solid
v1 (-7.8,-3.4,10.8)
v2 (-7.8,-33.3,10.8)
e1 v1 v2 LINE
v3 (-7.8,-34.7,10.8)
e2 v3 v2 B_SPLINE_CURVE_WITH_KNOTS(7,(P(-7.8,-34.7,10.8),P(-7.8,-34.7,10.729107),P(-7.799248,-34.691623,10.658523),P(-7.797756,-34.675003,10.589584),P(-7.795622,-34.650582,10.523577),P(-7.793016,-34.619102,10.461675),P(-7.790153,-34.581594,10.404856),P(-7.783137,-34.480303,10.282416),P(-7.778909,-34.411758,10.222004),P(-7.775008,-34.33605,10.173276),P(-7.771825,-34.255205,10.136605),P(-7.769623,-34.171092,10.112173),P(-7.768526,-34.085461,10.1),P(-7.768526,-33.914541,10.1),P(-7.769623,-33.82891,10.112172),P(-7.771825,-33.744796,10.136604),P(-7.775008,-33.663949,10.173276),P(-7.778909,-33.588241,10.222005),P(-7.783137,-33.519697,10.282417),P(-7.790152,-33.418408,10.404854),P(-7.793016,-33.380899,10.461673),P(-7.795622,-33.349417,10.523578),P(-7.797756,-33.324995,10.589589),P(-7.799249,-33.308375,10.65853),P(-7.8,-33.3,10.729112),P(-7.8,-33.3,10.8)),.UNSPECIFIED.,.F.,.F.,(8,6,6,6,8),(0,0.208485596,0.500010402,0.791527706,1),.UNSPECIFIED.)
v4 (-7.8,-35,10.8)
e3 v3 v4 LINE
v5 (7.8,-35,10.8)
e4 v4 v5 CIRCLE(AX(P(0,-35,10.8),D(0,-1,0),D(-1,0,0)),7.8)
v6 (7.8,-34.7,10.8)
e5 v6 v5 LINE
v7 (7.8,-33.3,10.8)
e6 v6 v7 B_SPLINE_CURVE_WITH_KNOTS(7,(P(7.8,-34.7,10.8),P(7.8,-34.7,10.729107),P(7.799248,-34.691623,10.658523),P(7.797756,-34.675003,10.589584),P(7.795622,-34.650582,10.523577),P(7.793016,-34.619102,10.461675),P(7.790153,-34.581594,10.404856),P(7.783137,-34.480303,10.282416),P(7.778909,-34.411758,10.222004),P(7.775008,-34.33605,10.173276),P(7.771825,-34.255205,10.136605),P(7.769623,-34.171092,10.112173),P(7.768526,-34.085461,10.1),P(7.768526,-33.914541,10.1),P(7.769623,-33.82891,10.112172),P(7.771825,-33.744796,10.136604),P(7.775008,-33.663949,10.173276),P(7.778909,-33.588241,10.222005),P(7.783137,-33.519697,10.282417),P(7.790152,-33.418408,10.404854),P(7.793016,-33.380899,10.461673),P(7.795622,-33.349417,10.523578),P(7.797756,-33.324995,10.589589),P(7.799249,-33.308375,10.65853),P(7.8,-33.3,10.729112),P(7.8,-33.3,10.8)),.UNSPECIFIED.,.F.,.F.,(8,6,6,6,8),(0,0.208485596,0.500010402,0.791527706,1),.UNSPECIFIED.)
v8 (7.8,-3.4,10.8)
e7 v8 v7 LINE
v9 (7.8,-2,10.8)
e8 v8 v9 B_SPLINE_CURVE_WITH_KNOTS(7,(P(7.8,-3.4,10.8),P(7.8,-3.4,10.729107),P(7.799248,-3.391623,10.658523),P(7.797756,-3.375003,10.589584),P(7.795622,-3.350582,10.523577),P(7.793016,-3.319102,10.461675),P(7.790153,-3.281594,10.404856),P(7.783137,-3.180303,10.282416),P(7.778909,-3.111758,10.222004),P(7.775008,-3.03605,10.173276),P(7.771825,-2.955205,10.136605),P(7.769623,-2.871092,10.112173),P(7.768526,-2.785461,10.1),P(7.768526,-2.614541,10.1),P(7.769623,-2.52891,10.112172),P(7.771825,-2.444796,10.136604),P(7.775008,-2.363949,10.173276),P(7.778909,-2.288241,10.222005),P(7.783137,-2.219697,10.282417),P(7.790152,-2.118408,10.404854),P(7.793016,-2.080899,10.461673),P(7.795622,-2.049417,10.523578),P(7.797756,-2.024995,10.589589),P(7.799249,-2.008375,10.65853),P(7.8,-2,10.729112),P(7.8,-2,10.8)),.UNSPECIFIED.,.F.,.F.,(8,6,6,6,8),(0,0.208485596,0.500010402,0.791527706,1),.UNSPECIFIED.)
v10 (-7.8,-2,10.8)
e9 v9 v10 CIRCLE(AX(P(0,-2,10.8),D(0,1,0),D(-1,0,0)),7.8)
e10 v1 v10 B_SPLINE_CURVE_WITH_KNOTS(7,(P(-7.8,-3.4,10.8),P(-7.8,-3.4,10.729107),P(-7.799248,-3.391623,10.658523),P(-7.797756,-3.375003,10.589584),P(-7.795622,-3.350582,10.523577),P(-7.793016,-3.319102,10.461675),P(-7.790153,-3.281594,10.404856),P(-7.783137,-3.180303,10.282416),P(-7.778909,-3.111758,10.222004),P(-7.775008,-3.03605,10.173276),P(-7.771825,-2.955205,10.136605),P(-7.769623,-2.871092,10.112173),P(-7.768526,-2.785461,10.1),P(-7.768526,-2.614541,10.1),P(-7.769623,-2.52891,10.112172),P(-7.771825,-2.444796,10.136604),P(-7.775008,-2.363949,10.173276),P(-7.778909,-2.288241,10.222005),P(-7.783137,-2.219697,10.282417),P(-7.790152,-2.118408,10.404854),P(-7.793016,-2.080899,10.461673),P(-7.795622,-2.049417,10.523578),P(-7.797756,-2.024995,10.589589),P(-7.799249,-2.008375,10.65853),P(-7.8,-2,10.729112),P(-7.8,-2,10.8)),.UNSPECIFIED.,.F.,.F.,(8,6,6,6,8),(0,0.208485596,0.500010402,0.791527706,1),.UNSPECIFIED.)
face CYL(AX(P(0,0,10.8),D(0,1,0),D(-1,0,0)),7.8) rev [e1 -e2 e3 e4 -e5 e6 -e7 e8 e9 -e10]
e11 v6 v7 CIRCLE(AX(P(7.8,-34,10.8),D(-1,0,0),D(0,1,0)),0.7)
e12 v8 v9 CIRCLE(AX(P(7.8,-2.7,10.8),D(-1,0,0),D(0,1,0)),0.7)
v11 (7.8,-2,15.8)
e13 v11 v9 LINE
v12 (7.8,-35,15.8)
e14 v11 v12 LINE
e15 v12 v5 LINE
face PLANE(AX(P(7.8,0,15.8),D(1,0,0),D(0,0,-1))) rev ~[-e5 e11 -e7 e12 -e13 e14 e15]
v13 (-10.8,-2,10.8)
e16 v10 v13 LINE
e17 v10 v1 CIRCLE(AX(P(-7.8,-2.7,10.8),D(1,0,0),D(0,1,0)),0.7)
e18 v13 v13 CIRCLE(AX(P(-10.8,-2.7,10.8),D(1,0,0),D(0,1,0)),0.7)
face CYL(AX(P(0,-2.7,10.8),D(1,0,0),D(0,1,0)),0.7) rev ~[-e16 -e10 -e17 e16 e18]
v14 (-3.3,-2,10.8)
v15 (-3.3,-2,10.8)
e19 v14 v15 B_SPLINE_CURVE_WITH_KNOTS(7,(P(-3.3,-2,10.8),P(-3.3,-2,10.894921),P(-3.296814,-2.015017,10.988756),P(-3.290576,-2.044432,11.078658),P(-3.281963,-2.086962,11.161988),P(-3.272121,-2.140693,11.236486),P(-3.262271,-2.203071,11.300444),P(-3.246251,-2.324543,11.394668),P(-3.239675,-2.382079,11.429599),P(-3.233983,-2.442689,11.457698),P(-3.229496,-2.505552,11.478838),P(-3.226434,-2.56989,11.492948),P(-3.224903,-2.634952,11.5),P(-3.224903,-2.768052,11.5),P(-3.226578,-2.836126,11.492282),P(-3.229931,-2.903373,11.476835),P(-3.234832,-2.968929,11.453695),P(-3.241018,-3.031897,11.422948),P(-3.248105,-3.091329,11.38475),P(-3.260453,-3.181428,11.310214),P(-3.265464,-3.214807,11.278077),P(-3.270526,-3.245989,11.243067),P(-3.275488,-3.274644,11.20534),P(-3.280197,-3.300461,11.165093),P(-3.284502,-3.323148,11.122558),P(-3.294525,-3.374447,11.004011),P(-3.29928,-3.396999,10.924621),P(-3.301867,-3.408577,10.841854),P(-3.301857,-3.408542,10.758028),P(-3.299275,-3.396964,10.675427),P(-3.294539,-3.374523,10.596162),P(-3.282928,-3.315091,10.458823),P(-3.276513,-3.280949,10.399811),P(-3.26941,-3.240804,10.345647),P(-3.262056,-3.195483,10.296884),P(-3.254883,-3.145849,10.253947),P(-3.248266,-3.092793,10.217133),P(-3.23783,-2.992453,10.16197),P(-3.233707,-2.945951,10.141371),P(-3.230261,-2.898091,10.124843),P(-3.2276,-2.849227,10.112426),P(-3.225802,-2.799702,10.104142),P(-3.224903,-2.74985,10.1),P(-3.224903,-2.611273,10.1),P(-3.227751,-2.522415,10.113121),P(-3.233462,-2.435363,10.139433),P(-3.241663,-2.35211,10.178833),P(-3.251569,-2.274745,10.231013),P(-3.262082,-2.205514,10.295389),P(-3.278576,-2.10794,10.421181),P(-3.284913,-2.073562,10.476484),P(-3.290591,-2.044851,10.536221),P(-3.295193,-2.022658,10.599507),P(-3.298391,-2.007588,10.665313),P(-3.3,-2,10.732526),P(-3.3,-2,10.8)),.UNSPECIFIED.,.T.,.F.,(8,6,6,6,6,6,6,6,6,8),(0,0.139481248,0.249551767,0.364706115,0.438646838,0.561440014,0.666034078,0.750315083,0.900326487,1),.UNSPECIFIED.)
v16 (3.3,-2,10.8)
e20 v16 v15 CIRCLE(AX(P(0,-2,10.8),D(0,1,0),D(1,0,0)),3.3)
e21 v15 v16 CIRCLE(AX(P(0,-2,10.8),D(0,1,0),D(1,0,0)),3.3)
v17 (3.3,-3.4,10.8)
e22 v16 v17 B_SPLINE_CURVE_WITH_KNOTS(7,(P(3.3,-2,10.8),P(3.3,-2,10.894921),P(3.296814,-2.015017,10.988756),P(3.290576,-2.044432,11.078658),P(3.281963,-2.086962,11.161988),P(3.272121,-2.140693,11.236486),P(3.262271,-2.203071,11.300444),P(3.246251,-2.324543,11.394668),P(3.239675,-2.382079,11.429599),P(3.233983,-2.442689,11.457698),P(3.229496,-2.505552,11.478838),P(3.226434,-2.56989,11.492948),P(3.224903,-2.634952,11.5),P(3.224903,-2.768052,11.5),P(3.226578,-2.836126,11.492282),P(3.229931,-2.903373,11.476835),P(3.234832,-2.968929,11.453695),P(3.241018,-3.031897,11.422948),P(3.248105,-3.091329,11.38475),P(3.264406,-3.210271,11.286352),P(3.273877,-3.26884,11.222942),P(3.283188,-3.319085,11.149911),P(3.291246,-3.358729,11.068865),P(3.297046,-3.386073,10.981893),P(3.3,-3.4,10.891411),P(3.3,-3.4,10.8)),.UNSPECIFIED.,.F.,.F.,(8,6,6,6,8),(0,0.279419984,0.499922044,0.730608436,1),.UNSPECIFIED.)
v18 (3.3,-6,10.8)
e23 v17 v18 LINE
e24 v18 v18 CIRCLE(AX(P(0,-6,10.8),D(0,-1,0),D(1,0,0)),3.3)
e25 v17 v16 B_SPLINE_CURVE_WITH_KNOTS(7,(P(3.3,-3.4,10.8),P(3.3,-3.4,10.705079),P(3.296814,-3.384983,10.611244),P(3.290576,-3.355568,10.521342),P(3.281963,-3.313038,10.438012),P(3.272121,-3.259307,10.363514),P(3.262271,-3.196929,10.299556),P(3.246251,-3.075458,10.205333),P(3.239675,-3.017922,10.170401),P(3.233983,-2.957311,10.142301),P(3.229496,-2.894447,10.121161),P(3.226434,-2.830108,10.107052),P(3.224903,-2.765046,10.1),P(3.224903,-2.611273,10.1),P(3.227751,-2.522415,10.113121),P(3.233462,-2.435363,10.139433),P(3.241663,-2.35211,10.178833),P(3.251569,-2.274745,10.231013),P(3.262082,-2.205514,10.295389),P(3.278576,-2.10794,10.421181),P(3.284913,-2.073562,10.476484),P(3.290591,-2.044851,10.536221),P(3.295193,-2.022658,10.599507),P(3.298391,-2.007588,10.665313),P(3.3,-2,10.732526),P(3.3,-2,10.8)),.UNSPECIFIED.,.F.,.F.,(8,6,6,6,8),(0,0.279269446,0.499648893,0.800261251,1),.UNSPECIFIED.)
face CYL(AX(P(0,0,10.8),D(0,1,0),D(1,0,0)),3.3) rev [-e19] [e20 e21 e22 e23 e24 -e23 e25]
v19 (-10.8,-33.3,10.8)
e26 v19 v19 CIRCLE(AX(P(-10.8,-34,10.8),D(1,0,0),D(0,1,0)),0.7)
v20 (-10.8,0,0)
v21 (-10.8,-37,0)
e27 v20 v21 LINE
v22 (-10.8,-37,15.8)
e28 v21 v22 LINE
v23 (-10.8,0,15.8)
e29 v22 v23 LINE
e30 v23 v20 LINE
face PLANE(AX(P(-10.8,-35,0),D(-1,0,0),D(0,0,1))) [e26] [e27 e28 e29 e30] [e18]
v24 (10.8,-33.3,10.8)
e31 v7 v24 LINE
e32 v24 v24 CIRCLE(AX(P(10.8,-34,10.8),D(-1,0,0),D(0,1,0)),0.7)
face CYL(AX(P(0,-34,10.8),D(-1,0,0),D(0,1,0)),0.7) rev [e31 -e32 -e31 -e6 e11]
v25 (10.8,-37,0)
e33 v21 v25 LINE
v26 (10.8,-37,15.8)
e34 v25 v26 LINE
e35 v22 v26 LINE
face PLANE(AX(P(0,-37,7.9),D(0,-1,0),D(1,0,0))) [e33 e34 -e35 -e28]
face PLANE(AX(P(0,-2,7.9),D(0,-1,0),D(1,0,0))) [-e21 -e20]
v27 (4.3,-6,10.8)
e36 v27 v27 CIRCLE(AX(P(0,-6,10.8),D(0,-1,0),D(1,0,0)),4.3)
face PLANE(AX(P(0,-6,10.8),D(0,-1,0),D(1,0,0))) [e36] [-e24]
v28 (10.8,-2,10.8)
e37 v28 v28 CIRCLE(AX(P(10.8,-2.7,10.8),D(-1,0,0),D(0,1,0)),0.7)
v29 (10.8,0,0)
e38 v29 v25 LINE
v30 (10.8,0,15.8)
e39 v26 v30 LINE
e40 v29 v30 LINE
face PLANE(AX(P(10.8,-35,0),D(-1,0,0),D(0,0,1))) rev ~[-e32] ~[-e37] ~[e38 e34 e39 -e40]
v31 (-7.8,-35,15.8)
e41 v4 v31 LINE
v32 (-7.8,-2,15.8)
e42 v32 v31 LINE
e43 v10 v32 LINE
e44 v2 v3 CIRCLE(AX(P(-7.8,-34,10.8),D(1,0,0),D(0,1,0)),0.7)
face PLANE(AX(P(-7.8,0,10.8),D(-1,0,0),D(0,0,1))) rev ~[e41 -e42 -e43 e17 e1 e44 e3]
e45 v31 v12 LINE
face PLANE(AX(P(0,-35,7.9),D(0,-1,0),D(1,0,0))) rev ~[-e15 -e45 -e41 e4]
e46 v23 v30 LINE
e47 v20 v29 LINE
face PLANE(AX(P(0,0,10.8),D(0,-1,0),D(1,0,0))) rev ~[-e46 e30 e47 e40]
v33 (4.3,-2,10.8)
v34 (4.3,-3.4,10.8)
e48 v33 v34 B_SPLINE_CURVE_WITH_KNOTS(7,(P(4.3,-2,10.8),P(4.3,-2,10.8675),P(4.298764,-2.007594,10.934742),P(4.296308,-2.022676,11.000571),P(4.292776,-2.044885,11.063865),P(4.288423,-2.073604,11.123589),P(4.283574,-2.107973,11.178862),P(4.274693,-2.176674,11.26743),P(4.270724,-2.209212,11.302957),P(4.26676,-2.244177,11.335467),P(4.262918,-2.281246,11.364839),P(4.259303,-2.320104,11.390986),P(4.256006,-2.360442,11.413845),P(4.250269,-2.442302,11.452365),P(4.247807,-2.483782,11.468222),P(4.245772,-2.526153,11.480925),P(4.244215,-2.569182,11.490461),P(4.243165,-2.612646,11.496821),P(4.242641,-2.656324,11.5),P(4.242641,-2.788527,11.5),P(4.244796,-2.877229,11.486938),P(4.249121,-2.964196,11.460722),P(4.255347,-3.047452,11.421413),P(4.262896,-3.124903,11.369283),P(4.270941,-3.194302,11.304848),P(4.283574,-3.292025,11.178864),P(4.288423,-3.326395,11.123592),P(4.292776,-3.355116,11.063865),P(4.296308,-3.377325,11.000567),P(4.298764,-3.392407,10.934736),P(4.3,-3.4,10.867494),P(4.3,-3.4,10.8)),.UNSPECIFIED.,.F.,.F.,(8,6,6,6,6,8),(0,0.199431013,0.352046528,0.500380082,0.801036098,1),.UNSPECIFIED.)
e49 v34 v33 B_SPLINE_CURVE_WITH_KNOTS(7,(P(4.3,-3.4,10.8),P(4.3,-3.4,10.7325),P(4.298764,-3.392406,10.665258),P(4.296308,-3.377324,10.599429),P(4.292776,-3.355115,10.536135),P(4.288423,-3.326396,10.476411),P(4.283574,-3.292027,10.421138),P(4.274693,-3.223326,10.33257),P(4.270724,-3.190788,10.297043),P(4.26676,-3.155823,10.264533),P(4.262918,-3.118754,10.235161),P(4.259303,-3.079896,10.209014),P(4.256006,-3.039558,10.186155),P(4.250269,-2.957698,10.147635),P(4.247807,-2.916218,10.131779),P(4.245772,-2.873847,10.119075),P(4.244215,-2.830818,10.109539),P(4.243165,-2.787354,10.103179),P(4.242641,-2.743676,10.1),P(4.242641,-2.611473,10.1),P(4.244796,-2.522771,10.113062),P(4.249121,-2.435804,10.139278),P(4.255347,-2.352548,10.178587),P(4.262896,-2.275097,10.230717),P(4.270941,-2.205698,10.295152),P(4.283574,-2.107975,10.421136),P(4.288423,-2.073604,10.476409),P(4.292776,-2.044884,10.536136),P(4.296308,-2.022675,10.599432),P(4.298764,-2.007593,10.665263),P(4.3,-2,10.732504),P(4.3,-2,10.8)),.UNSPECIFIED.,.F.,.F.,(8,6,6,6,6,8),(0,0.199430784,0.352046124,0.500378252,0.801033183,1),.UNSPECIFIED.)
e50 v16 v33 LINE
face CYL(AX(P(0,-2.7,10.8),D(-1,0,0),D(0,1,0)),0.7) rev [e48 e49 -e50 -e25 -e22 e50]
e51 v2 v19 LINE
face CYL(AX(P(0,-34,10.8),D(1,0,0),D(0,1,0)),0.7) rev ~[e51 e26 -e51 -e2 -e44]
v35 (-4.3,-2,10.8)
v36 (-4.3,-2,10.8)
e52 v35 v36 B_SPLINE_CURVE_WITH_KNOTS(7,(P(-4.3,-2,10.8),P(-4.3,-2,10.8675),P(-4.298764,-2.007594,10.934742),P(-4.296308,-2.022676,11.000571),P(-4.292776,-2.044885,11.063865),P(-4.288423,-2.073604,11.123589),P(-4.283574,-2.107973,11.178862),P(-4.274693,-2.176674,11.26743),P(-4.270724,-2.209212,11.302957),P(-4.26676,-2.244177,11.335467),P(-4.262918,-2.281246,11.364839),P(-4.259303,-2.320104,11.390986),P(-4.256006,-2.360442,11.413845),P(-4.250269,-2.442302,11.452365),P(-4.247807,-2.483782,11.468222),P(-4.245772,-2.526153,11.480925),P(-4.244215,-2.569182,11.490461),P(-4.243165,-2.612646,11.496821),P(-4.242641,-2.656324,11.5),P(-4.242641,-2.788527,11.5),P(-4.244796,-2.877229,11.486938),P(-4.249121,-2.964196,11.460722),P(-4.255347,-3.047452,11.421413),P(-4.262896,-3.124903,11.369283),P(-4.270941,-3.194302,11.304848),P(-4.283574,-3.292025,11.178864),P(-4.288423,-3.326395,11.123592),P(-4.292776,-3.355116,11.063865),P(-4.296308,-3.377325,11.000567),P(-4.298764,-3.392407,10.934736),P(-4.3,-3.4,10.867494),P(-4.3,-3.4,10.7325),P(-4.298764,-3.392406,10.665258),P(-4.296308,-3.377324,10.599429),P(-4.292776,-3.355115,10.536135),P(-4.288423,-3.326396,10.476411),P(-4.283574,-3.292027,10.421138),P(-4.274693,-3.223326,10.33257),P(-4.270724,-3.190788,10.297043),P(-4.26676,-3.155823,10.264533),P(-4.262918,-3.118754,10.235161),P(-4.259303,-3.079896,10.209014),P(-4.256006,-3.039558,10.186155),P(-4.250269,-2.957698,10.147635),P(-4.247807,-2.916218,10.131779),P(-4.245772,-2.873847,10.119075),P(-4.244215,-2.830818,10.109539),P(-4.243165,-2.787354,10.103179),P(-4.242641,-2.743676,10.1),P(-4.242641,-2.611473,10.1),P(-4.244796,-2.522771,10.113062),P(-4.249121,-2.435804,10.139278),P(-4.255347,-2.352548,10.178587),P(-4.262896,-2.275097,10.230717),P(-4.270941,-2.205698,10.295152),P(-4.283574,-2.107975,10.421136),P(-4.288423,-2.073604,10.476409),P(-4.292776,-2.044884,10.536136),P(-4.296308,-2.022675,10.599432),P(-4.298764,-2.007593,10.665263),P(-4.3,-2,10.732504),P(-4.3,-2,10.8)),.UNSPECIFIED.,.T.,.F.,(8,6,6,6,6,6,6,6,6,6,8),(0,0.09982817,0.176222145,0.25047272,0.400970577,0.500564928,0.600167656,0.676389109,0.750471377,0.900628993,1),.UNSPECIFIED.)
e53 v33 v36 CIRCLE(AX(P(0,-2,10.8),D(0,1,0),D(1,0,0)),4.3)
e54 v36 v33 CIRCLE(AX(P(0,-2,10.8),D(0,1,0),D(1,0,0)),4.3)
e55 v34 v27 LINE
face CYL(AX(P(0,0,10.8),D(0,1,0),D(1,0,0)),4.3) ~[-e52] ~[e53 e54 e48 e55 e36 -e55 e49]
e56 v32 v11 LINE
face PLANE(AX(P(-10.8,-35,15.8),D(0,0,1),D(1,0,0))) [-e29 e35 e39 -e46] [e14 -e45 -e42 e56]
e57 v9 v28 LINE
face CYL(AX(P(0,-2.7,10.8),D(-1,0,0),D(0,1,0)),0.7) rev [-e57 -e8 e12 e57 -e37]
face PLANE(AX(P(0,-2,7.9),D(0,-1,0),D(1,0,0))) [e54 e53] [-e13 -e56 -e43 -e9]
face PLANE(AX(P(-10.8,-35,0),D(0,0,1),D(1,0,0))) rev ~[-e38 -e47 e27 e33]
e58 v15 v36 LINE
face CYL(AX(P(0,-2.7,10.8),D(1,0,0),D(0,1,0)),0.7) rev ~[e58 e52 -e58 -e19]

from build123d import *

# Parameters (mm, degrees)
PAD_DEPTH         = 35
SKETCH001_W       = 21.6
SKETCH001_H       = 15.8
PAD001_DEPTH      = 2
SKETCH002_R       = 4.3
SKETCH002_R_2     = 3.3
PAD002_DEPTH      = 6
SKETCH003_R       = 0.7
POCKET_DEPTH      = 10.801
POCKET_DEPTH_BACK = 10.801
SKETCH004_W       = 21.6
SKETCH004_H       = 15.8
PAD003_DEPTH      = 2


with BuildPart() as part:
    # Sketch → Pad (new body)
    with BuildSketch(Plane.XZ):
        with BuildLine():
            Line((-10.8, 0), (10.8, 0))
            Line((10.8, 0), (10.8, 15.8))
            Line((10.8, 15.8), (7.8, 15.8))
            Line((7.8, 15.8), (7.8, 10.8))
            ThreePointArc((-7.8, 10.8), (0, 3), (7.8, 10.8))
            Line((-7.8, 10.8), (-7.8, 15.8))
            Line((-7.8, 15.8), (-10.8, 15.8))
            Line((-10.8, 15.8), (-10.8, 0))
        make_face()
    extrude(amount=PAD_DEPTH)

    # Sketch001 → Pad001 (join)
    with BuildSketch(Plane.XZ):
        with Locations((0, 7.9)):
            Rectangle(SKETCH001_W, SKETCH001_H)
    extrude(amount=PAD001_DEPTH)

    # Sketch002 → Pad002 (join)
    with BuildSketch(Plane.XZ):
        with Locations((0, 10.8)):
            Circle(SKETCH002_R)
        with Locations((0, 10.8)):
            Circle(SKETCH002_R_2, mode=Mode.SUBTRACT)
    extrude(amount=PAD002_DEPTH)

    # Sketch003 → Pocket (cut, two sides)
    with BuildSketch(Plane.YZ) as pocket_sk:
        with Locations((-2.7, 10.8)):
            Circle(SKETCH003_R)
        with Locations((-34, 10.8)):
            Circle(SKETCH003_R)
    extrude(amount=-POCKET_DEPTH, mode=Mode.SUBTRACT)
    extrude(pocket_sk.sketch, amount=POCKET_DEPTH_BACK, mode=Mode.SUBTRACT)

    # Sketch004 (on DatumPlane) → Pad003 (join)
    with BuildSketch(Plane.XZ.offset(35)):
        with Locations((0, 7.9)):
            Rectangle(SKETCH004_W, SKETCH004_H)
    extrude(amount=PAD003_DEPTH)


solid = part.part
